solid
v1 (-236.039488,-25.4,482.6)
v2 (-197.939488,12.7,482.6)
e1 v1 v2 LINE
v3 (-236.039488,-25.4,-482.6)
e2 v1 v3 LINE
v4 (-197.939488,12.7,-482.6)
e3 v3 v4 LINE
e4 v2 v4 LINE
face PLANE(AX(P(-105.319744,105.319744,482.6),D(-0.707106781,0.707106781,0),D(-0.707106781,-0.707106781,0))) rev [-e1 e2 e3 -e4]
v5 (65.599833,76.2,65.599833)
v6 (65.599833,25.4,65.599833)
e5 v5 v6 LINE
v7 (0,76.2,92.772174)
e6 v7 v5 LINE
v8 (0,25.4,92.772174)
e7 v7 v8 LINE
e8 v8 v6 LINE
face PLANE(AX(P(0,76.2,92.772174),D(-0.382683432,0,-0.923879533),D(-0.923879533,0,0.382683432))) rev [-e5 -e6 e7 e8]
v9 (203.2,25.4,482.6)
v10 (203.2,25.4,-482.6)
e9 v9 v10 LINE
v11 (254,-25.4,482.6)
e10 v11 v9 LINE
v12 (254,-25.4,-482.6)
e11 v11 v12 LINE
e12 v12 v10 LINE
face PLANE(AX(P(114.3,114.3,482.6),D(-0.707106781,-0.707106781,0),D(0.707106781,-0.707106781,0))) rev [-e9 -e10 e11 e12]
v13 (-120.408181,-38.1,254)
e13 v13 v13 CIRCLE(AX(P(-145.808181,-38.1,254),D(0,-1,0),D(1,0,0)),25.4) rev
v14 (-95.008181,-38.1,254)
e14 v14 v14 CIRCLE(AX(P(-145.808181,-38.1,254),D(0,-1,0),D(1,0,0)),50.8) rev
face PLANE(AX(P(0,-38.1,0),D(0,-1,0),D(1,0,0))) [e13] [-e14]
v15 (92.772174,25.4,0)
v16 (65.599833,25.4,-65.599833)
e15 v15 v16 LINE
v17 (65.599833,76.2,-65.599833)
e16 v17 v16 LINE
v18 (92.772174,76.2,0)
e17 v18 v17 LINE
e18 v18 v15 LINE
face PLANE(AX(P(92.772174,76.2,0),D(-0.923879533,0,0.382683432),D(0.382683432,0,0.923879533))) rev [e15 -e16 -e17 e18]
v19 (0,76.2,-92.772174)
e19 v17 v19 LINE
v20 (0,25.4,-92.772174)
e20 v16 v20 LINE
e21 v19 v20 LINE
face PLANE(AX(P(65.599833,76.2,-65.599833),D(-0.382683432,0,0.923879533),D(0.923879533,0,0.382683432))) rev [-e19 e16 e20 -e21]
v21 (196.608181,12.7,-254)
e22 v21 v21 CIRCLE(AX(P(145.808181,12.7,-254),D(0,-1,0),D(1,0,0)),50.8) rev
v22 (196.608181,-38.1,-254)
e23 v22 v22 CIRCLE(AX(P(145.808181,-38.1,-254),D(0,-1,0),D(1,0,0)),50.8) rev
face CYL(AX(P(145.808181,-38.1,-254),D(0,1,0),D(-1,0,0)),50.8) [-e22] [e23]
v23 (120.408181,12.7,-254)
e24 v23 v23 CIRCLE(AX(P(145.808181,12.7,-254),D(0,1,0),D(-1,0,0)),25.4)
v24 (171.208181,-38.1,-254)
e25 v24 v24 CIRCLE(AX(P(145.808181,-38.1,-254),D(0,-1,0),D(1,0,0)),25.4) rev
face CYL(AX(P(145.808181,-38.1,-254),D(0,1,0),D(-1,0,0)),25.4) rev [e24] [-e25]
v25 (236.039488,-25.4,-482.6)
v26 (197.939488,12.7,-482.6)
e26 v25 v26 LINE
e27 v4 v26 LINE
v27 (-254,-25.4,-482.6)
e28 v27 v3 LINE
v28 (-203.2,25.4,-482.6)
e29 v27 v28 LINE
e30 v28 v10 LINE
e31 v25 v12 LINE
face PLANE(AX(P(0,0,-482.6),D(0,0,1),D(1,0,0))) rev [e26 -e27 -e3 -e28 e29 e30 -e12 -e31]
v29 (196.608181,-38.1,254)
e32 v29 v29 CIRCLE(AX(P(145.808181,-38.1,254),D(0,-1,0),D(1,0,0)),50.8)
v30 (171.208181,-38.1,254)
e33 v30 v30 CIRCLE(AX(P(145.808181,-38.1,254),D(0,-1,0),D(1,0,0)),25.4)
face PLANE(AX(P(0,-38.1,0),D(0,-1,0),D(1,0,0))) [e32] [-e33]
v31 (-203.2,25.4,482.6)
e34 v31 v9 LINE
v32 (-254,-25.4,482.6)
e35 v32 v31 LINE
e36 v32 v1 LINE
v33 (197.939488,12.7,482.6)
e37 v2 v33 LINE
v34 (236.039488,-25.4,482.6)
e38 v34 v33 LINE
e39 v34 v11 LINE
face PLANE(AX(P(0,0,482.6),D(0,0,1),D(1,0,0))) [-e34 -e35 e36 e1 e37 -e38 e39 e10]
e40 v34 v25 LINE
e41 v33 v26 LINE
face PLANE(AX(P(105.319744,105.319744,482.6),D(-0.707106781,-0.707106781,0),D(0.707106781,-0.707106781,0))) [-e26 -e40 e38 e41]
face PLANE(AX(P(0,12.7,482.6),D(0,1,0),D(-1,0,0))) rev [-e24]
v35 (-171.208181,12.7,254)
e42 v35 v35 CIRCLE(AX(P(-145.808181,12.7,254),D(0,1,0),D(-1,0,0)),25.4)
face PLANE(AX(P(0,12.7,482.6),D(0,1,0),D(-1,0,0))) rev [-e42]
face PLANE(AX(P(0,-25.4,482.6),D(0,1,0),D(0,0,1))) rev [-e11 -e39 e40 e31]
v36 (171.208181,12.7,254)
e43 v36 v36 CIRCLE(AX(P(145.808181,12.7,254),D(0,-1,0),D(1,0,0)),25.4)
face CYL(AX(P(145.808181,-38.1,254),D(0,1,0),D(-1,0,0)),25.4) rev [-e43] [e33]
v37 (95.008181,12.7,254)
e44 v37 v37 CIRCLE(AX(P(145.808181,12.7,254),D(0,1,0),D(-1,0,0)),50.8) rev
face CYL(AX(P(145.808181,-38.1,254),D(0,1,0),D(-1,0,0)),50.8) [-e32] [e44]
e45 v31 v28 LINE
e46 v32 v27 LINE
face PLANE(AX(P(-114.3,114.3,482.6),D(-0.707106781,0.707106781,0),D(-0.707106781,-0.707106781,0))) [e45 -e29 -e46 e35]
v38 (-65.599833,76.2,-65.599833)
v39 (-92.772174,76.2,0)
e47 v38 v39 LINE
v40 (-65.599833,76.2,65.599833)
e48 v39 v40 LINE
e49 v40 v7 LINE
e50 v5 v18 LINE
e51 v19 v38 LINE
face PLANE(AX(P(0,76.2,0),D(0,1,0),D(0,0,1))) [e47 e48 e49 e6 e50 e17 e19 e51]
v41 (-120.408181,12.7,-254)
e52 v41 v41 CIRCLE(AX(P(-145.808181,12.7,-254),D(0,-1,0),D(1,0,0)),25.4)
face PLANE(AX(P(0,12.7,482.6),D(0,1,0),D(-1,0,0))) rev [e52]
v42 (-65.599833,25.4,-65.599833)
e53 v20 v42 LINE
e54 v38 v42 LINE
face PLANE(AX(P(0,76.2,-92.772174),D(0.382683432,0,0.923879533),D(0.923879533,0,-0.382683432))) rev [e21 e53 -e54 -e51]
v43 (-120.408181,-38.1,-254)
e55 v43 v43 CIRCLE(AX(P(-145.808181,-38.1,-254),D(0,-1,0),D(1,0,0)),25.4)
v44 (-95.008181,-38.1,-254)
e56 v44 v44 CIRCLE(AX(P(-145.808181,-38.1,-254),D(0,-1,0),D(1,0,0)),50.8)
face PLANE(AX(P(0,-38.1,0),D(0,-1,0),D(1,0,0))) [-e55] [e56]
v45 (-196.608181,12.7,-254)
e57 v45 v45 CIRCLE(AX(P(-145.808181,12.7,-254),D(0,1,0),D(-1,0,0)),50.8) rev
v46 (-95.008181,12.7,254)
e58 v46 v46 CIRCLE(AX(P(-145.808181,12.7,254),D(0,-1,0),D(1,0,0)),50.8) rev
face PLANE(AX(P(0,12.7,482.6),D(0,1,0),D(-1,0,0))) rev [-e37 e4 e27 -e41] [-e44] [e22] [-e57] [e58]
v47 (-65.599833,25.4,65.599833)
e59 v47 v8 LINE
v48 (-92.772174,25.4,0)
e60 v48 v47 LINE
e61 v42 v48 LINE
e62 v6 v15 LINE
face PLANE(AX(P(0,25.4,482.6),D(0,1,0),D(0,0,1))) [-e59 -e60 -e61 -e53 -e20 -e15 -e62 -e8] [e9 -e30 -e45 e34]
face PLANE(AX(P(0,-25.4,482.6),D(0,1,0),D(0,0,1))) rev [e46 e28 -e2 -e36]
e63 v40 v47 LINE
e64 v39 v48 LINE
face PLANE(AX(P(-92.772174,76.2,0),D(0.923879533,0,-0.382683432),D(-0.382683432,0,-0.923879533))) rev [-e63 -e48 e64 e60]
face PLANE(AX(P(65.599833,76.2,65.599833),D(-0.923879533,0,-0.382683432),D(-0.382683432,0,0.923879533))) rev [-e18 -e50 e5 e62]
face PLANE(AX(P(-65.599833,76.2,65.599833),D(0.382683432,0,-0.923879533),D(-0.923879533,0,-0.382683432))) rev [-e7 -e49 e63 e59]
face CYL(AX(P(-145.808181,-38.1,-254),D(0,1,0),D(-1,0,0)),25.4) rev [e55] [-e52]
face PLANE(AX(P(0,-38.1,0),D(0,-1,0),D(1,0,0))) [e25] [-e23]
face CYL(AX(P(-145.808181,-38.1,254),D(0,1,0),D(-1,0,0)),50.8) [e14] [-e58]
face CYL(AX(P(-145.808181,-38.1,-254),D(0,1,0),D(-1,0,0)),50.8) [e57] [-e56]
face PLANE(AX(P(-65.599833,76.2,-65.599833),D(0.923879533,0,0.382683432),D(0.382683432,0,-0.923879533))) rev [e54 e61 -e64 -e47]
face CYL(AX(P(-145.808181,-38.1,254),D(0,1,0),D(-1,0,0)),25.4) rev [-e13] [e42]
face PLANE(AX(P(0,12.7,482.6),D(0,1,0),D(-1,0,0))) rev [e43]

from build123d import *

# Parameters (mm, degrees)
BOSS_EXTRUDE4_DEPTH = 965.2
SKETCH61_R          = 50.8
SKETCH61_R_2        = 25.4
BOSS_EXTRUDE5_DEPTH = 50.8
BOSS_EXTRUDE6_DEPTH = 50.8


with BuildPart() as part:
    # Sketch1 → Boss-Extrude4 (new body)
    with BuildSketch(Plane.XY):
        Polygon((-203.2, 25.4), (-254, -25.4), (-236.039487758, -25.4), (-223.339487758, -12.7), (-197.939487758, 12.7), (-185.239487758, 25.4), align=None)
        Polygon((203.2, 25.4), (-185.239487758, 25.4), (-197.939487758, 12.7), (197.939487758, 12.7), (223.339487758, -12.7), (236.039487758, -25.4), (254, -25.4), align=None)
    extrude(amount=BOSS_EXTRUDE4_DEPTH)


with BuildPart() as part_1:
    # Body-Move/Copy1: moved
    add(part.part.moved(Location((0, 0, -482.6))))

    # Sketch61 → Boss-Extrude5 (add)
    # profile 1 of 4: a face of its own
    with BuildSketch(Plane.XZ.offset(-12.7)):
        with Locations((-145.808181247, 254)):
            Circle(SKETCH61_R)
        with Locations(Location((-145.808181247, 254, 0), (0, 0, 180))):
            Circle(SKETCH61_R_2, mode=Mode.SUBTRACT)
    # profile 2 of 4: a face of its own
    with BuildSketch(Plane.XZ.offset(-12.7)):
        with Locations(Location((145.808181247, 254, 0), (0, 0, 180))):
            Circle(SKETCH61_R)
        with Locations((145.808181247, 254)):
            Circle(SKETCH61_R_2, mode=Mode.SUBTRACT)
    # profile 3 of 4: a face of its own
    with BuildSketch(Plane.XZ.offset(-12.7)):
        with Locations((145.808181247, -254)):
            Circle(SKETCH61_R)
        with Locations(Location((145.808181247, -254, 0), (0, 0, 180))):
            Circle(SKETCH61_R_2, mode=Mode.SUBTRACT)
    # profile 4 of 4: a face of its own
    with BuildSketch(Plane.XZ.offset(-12.7)):
        with Locations(Location((-145.808181247, -254, 0), (0, 0, 180))):
            Circle(SKETCH61_R)
        with Locations((-145.808181247, -254)):
            Circle(SKETCH61_R_2, mode=Mode.SUBTRACT)
    extrude(amount=BOSS_EXTRUDE5_DEPTH)

    # Sketch62 → Boss-Extrude6 (add)
    with BuildSketch(Plane(origin=(0, 25.4, 0), x_dir=(1, 0, 0), z_dir=(0, 1, 0))):
        Polygon((0, -92.772173632), (65.599833081, -65.599833081), (92.772173632, 0), (65.599833081, 65.599833081), (0, 92.772173632), (-65.599833081, 65.599833081), (-92.772173632, 0), (-65.599833081, -65.599833081), align=None)
    extrude(amount=BOSS_EXTRUDE6_DEPTH)


solid = part_1.part
